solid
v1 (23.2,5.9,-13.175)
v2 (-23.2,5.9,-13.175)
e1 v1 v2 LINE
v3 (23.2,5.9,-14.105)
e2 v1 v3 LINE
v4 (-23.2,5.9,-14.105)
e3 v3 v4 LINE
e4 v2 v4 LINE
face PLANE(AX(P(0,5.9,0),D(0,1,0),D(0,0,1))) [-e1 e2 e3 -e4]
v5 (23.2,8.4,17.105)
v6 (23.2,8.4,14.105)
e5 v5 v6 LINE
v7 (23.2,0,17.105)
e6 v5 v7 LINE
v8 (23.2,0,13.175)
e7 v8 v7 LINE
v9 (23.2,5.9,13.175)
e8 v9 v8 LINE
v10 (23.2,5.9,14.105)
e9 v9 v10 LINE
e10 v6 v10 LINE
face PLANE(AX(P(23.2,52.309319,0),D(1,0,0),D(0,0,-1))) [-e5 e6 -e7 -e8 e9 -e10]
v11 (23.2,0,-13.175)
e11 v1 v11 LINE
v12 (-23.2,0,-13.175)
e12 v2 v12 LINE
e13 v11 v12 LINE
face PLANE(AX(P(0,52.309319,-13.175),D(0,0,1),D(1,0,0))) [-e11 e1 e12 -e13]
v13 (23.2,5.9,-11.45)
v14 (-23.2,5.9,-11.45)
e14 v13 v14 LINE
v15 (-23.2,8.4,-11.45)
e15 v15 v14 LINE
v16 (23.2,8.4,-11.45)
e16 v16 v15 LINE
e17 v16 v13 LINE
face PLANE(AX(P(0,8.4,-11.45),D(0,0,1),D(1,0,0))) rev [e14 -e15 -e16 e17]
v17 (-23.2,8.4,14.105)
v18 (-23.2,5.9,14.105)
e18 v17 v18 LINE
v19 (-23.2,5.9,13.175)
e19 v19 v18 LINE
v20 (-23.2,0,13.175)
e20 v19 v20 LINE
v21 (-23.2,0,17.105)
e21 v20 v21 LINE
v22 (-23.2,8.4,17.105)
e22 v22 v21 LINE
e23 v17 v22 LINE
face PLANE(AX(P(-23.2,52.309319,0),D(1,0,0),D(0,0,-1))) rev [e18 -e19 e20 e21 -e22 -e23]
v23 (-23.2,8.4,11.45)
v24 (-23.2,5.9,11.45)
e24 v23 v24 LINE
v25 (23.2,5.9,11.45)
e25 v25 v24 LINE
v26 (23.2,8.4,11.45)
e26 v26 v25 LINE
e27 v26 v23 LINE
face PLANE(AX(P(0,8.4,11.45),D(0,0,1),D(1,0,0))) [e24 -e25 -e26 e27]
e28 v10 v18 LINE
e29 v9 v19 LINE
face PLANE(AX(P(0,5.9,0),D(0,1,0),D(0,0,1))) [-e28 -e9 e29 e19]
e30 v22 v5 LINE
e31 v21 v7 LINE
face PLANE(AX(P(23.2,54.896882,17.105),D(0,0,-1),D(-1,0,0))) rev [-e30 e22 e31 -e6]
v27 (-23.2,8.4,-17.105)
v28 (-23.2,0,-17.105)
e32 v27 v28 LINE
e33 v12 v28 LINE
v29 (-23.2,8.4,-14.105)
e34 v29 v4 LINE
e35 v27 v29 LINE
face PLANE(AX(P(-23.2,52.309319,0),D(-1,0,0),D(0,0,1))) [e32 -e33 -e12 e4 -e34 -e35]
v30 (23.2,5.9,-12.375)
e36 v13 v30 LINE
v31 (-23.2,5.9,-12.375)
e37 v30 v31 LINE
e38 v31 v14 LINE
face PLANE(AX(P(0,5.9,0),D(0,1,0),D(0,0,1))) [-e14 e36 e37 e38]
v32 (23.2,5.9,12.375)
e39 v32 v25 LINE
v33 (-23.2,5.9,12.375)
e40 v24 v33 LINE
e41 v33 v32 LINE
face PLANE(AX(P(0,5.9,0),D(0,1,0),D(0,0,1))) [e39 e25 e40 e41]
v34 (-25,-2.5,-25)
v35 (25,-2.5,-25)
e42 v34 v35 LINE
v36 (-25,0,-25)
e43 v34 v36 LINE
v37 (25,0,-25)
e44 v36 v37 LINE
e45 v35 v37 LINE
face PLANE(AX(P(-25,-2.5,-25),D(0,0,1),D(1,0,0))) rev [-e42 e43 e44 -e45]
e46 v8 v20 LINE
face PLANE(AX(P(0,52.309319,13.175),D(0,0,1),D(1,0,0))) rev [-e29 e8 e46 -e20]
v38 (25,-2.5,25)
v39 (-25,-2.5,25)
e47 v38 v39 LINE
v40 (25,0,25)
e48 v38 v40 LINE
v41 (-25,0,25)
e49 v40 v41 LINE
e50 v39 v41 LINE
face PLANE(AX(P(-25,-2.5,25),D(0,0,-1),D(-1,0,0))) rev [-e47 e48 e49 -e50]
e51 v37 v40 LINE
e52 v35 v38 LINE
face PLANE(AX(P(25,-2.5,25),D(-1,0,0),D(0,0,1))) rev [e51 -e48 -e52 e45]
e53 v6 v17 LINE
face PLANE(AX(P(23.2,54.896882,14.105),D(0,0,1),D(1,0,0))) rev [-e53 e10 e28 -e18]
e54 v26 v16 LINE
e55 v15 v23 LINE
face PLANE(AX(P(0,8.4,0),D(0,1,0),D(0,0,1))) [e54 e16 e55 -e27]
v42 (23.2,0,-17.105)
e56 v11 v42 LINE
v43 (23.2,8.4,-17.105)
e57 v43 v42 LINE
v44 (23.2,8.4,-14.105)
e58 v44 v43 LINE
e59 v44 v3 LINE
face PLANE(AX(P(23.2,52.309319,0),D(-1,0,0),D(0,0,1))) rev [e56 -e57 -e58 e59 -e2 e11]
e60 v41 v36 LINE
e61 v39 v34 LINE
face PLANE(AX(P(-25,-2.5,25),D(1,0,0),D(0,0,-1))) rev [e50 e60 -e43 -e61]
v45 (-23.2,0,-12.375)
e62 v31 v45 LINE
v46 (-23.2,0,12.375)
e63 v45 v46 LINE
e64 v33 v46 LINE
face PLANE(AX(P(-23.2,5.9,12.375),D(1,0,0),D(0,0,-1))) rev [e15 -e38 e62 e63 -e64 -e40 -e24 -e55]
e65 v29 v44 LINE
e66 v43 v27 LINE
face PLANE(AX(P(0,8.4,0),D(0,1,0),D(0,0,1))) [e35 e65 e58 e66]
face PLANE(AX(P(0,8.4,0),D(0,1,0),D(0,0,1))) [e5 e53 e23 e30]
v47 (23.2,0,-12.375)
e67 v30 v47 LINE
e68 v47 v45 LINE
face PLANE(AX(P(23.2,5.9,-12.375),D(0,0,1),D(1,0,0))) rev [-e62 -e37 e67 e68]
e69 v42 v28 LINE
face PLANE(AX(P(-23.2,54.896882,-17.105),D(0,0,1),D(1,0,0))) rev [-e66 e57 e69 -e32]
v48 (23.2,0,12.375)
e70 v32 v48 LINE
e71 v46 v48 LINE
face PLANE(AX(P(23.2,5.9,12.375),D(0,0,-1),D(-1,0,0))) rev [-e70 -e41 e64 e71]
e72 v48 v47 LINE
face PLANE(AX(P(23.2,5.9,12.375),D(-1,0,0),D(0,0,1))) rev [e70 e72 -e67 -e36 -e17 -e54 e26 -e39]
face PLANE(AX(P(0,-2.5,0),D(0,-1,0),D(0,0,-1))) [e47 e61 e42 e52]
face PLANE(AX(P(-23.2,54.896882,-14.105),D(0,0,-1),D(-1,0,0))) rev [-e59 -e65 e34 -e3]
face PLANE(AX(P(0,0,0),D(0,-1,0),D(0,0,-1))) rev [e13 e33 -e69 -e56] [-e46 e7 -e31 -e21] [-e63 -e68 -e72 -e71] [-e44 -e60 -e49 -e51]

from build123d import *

# Parameters (mm, degrees)
SKETCH1_W           = 46.4
SKETCH1_H           = 24.75
BOSS_EXTRUDE1_DEPTH = 5.9
BOSS_EXTRUDE2_DEPTH = 2.5
SKETCH3_W           = 50
SKETCH3_H           = 50
BOSS_EXTRUDE3_DEPTH = 2.5
SKETCH4_W           = 46.4
SKETCH4_H           = 0.93
BOSS_EXTRUDE4_DEPTH = 5.9
SKETCH5_W           = 46.4
SKETCH5_H           = 0.93
BOSS_EXTRUDE5_DEPTH = 5.9
SKETCH6_W           = 46.4
SKETCH6_H           = 3
BOSS_EXTRUDE6_DEPTH = 8.4
SKETCH7_W           = 46.4
SKETCH7_H           = 3
BOSS_EXTRUDE7_DEPTH = 8.4


with BuildPart() as part:
    # Sketch1 → Boss-Extrude1 (new body)
    with BuildSketch(Plane(origin=(0, 0, 0), x_dir=(1, 0, 0), z_dir=(0, 1, 0))):
        Rectangle(SKETCH1_W, SKETCH1_H)
    extrude(amount=BOSS_EXTRUDE1_DEPTH)

    # Sketch2 → Boss-Extrude2 (add)
    with BuildSketch(Plane(origin=(0, 5.9, 0), x_dir=(1, 0, 0), z_dir=(0, 1, 0))):
        Polygon((23.2, -11.45), (23.2, 0), (23.2, 11.45), (-23.2, 11.45), (-23.2, -11.45), align=None)
    extrude(amount=BOSS_EXTRUDE2_DEPTH)

    # Sketch3 → Boss-Extrude3 (add)
    with BuildSketch(Plane.XZ):
        Rectangle(SKETCH3_W, SKETCH3_H)
    extrude(amount=BOSS_EXTRUDE3_DEPTH)

    # Sketch4 → Boss-Extrude4 (add)
    with BuildSketch(Plane(origin=(0, 0, 0), x_dir=(1, 0, 0), z_dir=(0, 1, 0))):
        with Locations((0, 13.64)):
            Rectangle(SKETCH4_W, SKETCH4_H)
    extrude(amount=BOSS_EXTRUDE4_DEPTH)

    # Sketch5 → Boss-Extrude5 (add)
    with BuildSketch(Plane(origin=(0, 0, 0), x_dir=(1, 0, 0), z_dir=(0, 1, 0))):
        with Locations((0, -13.64)):
            Rectangle(SKETCH5_W, SKETCH5_H)
    extrude(amount=BOSS_EXTRUDE5_DEPTH)

    # Sketch6 → Boss-Extrude6 (add)
    with BuildSketch(Plane(origin=(0, 0, 0), x_dir=(1, 0, 0), z_dir=(0, 1, 0))):
        with Locations((0, 15.605)):
            Rectangle(SKETCH6_W, SKETCH6_H)
    extrude(amount=BOSS_EXTRUDE6_DEPTH)

    # Sketch7 → Boss-Extrude7 (add)
    with BuildSketch(Plane(origin=(0, 0, 0), x_dir=(1, 0, 0), z_dir=(0, 1, 0))):
        with Locations((0, -15.605)):
            Rectangle(SKETCH7_W, SKETCH7_H)
    extrude(amount=BOSS_EXTRUDE7_DEPTH)


solid = part.part
